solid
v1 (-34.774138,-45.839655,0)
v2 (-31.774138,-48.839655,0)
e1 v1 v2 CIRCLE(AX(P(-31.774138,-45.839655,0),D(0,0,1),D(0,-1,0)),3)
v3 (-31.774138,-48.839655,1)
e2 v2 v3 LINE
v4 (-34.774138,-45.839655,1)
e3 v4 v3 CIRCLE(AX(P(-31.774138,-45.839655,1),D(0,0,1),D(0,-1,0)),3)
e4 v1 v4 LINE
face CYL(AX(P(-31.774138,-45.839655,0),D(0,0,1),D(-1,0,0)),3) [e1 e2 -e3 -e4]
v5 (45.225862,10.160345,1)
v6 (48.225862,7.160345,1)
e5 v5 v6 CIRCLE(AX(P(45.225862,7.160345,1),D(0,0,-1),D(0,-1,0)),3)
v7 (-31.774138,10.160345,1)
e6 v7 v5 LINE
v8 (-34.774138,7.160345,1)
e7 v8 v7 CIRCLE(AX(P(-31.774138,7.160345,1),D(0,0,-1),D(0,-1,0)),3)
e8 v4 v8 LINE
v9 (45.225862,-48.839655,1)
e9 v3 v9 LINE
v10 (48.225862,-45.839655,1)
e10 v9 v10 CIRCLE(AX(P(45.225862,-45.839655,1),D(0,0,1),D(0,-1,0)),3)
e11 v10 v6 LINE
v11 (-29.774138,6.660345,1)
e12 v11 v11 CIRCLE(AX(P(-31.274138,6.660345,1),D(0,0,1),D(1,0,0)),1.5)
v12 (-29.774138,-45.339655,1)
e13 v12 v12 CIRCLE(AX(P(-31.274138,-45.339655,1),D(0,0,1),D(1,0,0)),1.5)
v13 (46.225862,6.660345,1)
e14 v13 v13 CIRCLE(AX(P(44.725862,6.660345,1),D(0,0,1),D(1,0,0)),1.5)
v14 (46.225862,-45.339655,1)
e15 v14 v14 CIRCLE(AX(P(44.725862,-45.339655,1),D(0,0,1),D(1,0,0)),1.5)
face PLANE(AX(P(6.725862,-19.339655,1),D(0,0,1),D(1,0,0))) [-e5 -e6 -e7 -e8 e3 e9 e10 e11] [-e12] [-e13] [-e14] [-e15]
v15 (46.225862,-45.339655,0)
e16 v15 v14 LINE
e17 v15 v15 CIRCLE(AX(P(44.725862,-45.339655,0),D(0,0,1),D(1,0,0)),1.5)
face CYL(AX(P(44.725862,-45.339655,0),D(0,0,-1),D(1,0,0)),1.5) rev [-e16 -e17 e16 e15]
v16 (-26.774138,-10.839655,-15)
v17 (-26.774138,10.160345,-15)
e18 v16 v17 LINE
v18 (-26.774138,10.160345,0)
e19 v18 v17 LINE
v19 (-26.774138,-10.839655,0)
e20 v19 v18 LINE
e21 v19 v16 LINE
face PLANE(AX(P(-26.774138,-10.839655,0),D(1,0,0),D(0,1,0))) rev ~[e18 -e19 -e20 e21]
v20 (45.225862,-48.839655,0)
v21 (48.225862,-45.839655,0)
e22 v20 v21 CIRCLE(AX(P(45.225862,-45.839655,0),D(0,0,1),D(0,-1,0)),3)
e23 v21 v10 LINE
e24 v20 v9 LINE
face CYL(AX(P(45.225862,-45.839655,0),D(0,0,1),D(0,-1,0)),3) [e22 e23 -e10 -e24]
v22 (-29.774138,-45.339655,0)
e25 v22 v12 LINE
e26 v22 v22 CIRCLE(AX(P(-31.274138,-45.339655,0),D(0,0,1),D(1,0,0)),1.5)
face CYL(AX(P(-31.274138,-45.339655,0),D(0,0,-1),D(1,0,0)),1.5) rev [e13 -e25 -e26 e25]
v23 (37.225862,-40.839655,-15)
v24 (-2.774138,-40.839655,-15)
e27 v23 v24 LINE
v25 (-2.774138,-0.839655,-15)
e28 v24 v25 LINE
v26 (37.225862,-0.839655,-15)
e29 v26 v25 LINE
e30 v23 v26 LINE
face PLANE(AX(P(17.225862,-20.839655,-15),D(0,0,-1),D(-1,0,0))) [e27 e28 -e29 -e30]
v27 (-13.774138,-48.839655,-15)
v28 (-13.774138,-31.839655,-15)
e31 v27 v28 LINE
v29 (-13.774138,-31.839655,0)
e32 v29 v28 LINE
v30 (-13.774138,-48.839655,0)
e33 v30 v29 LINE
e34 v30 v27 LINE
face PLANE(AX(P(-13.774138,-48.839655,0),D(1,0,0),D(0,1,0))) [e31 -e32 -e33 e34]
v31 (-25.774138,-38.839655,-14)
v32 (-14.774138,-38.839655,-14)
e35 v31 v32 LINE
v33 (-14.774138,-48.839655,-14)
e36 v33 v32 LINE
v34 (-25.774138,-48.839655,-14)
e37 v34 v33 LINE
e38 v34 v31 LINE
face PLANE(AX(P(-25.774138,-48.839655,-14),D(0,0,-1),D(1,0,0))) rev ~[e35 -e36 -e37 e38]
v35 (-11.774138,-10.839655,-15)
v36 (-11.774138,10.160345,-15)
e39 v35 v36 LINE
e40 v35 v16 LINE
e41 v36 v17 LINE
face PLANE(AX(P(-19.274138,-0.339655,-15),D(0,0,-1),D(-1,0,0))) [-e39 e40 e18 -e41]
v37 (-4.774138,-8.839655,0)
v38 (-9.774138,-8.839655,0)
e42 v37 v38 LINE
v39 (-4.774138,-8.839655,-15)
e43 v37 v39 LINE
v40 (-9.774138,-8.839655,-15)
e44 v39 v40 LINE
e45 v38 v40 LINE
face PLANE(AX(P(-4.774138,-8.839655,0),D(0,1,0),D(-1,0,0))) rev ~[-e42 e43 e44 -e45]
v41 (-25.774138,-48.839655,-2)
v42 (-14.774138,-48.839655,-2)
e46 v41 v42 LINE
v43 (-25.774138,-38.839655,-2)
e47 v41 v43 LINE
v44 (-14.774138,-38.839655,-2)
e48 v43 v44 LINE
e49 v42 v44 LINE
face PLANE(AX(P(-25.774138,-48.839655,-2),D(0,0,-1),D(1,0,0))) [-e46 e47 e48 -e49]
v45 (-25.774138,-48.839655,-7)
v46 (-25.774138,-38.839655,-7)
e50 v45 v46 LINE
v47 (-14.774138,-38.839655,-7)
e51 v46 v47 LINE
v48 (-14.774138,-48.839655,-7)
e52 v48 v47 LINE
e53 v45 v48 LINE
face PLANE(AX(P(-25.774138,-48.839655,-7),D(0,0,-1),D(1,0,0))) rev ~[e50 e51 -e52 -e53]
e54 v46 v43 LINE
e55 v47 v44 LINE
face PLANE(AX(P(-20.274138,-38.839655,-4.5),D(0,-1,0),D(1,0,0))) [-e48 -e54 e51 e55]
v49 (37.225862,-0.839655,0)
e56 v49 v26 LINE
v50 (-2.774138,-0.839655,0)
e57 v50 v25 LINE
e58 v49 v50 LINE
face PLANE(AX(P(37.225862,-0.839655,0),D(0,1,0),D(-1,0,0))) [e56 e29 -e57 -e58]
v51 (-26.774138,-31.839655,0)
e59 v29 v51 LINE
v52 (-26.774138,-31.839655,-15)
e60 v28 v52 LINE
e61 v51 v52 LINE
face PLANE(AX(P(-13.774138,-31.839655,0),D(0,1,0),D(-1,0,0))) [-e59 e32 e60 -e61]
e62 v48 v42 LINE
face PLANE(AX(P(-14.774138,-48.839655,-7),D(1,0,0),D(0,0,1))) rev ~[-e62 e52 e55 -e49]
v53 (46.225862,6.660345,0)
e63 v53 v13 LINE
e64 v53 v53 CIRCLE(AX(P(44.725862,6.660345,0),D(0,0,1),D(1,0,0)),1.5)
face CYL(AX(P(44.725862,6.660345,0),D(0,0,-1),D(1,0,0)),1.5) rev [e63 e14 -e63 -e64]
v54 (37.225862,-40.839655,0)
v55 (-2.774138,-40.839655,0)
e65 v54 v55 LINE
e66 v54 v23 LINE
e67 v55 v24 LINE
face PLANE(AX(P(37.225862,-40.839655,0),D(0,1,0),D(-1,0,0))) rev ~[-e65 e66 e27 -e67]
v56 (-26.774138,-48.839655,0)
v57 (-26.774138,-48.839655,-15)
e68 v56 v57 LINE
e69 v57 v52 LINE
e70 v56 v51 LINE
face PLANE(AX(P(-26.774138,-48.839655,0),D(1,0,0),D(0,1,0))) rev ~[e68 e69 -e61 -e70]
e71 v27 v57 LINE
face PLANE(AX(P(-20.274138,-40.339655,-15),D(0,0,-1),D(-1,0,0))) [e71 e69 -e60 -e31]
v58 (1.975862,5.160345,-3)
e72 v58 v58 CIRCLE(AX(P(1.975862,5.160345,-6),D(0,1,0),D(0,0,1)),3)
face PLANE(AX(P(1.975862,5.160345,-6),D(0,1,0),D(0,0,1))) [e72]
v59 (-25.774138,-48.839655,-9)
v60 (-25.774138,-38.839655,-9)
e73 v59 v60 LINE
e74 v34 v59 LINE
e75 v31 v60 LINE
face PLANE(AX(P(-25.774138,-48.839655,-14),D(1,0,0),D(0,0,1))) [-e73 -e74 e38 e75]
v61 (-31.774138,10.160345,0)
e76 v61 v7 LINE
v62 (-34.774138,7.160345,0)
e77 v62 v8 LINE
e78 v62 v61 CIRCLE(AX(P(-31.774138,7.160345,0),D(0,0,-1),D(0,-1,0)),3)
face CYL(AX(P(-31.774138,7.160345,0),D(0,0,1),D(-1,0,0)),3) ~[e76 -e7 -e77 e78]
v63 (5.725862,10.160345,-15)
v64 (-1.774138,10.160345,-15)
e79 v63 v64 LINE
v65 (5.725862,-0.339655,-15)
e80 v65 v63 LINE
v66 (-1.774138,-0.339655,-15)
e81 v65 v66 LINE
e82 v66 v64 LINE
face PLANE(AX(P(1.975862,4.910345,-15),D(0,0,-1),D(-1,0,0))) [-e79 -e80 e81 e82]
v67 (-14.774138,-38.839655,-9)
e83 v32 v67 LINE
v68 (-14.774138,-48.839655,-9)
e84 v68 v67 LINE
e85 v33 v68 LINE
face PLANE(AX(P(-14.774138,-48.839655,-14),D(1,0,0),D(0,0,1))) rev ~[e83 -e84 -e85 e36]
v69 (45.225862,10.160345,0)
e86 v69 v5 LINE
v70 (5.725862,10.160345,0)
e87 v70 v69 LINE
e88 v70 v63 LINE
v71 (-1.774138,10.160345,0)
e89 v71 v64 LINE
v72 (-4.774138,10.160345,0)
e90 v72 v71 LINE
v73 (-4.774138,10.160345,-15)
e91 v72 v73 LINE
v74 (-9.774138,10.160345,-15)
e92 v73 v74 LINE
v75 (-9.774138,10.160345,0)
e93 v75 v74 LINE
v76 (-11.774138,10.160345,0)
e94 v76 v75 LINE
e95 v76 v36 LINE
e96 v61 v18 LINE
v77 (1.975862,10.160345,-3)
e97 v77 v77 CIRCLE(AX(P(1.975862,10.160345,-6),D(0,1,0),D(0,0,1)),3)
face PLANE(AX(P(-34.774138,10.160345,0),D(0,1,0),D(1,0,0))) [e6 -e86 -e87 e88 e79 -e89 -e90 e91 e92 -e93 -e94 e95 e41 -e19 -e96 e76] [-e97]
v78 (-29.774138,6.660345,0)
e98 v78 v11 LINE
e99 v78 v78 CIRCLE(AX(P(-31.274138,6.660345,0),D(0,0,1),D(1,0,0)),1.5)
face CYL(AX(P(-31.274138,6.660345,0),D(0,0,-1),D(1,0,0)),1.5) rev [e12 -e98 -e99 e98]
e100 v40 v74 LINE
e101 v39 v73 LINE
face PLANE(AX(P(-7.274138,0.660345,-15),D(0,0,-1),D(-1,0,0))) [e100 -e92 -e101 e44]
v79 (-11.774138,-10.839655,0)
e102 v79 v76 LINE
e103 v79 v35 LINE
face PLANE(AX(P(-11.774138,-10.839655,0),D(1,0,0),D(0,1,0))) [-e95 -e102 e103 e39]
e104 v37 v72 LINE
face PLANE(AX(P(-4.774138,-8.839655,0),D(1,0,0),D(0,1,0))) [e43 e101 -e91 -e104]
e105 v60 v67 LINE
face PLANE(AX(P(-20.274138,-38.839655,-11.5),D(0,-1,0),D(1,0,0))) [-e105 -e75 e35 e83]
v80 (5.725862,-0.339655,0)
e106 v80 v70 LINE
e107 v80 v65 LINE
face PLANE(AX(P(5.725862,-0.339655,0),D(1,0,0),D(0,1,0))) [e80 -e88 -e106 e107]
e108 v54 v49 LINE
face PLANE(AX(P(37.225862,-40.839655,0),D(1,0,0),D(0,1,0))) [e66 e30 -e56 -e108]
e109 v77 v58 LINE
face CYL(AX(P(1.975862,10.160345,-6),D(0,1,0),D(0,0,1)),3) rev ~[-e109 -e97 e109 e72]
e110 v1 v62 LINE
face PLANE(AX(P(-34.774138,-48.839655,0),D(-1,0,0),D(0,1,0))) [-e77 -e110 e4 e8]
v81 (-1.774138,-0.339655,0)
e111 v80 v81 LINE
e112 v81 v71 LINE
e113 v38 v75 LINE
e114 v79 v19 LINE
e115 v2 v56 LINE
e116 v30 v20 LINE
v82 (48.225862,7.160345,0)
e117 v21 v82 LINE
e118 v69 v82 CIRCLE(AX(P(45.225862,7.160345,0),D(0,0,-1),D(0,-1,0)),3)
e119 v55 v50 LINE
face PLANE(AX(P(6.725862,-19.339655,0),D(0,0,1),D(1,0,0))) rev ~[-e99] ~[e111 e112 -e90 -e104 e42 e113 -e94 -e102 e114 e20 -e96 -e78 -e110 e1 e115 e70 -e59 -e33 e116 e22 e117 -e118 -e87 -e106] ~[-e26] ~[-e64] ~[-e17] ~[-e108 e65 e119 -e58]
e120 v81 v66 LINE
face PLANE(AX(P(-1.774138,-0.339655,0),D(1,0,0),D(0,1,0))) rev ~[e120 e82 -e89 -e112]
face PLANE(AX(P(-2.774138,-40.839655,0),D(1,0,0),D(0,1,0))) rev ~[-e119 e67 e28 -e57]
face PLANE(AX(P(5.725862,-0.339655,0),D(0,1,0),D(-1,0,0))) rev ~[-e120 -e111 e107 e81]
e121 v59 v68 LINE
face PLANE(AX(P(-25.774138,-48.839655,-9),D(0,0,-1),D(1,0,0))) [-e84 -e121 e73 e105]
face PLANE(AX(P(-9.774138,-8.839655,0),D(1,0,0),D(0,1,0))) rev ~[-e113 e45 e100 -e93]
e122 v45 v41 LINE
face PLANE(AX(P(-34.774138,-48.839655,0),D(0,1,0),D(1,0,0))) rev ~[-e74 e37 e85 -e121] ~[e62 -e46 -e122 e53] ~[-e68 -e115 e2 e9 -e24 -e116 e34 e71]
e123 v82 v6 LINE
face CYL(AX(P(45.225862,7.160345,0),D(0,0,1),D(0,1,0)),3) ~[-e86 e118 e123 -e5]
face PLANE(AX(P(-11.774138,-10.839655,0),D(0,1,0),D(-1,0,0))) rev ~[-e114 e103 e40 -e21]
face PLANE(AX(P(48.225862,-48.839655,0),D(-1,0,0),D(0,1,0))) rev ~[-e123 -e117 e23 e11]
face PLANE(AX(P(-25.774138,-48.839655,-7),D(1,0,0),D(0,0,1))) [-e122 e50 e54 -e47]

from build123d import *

# Parameters (mm, degrees)
SKETCH1_W           = 83
SKETCH1_H           = 59
SKETCH1_R           = 1.5
BOSS_EXTRUDE1_DEPTH = 1
SKETCH2_W           = 15
SKETCH2_H           = 21
SKETCH2_W_2         = 13
SKETCH2_H_2         = 17
SKETCH2_W_3         = 5
SKETCH2_H_3         = 19
SKETCH2_W_4         = 7.5
SKETCH2_H_4         = 10.5
SKETCH2_W_5         = 40
SKETCH2_H_5         = 40
BOSS_EXTRUDE2_DEPTH = 15
SKETCH3_R           = 3
CUT_EXTRUDE1_DEPTH  = 5
SKETCH4_W           = 11
SKETCH4_H           = 5
CUT_EXTRUDE2_DEPTH  = 10
FILLET1_R           = 3


with BuildPart() as part:
    # Sketch1 → Boss-Extrude1 (new body)
    with BuildSketch(Plane.XY):
        with Locations((6.725862069, -19.339655172)):
            Rectangle(SKETCH1_W, SKETCH1_H)
        with Locations((-31.274137931, 6.660344828)):
            Circle(SKETCH1_R, mode=Mode.SUBTRACT)
        with Locations((44.725862069, 6.660344828)):
            Circle(SKETCH1_R, mode=Mode.SUBTRACT)
        with Locations((44.725862069, -45.339655172)):
            Circle(SKETCH1_R, mode=Mode.SUBTRACT)
        with Locations((-31.274137931, -45.339655172)):
            Circle(SKETCH1_R, mode=Mode.SUBTRACT)
    extrude(amount=BOSS_EXTRUDE1_DEPTH)

    # Sketch2 → Boss-Extrude2 (add)
    with BuildSketch(Plane(origin=(0, 0, 0), x_dir=(-1, 0, 0), z_dir=(0, 0, -1))):
        with Locations((19.274137931, -0.339655172)):
            Rectangle(SKETCH2_W, SKETCH2_H)
        with Locations((20.274137931, -40.339655172)):
            Rectangle(SKETCH2_W_2, SKETCH2_H_2)
        with Locations((7.274137931, 0.660344828)):
            Rectangle(SKETCH2_W_3, SKETCH2_H_3)
        with Locations((-1.975862069, 4.910344828)):
            Rectangle(SKETCH2_W_4, SKETCH2_H_4)
        with Locations((-17.225862069, -20.839655172)):
            Rectangle(SKETCH2_W_5, SKETCH2_H_5)
    extrude(amount=BOSS_EXTRUDE2_DEPTH)

    # Sketch3 → Cut-Extrude1 (cut)
    with BuildSketch(Plane(origin=(0, 10.160344828, 0), x_dir=(1, 0, 0), z_dir=(0, 1, 0))):
        with Locations(Location((1.975862069, 6, 0), (0, 0, 270))):
            Circle(SKETCH3_R)
    extrude(amount=-CUT_EXTRUDE1_DEPTH, mode=Mode.SUBTRACT)

    # Sketch4 → Cut-Extrude2 (cut)
    with BuildSketch(Plane.XZ.offset(48.839655172)):
        with Locations((-20.274137931, -4.5)):
            Rectangle(SKETCH4_W, SKETCH4_H)
        with Locations((-20.274137931, -11.5)):
            Rectangle(SKETCH4_W, SKETCH4_H)
    extrude(amount=-CUT_EXTRUDE2_DEPTH, mode=Mode.SUBTRACT)

    # Fillet1
    fillet1_edges = [part.edges().sort_by_distance(p)[0] for p in [
        (48.225862069, -48.839655172, 0.5),
        (-34.774137931, -48.839655172, 0.5),
        (-34.774137931, 10.160344828, 0.5),
        (48.225862069, 10.160344828, 0.5),
    ]]
    fillet(fillet1_edges, radius=FILLET1_R)


solid = part.part
